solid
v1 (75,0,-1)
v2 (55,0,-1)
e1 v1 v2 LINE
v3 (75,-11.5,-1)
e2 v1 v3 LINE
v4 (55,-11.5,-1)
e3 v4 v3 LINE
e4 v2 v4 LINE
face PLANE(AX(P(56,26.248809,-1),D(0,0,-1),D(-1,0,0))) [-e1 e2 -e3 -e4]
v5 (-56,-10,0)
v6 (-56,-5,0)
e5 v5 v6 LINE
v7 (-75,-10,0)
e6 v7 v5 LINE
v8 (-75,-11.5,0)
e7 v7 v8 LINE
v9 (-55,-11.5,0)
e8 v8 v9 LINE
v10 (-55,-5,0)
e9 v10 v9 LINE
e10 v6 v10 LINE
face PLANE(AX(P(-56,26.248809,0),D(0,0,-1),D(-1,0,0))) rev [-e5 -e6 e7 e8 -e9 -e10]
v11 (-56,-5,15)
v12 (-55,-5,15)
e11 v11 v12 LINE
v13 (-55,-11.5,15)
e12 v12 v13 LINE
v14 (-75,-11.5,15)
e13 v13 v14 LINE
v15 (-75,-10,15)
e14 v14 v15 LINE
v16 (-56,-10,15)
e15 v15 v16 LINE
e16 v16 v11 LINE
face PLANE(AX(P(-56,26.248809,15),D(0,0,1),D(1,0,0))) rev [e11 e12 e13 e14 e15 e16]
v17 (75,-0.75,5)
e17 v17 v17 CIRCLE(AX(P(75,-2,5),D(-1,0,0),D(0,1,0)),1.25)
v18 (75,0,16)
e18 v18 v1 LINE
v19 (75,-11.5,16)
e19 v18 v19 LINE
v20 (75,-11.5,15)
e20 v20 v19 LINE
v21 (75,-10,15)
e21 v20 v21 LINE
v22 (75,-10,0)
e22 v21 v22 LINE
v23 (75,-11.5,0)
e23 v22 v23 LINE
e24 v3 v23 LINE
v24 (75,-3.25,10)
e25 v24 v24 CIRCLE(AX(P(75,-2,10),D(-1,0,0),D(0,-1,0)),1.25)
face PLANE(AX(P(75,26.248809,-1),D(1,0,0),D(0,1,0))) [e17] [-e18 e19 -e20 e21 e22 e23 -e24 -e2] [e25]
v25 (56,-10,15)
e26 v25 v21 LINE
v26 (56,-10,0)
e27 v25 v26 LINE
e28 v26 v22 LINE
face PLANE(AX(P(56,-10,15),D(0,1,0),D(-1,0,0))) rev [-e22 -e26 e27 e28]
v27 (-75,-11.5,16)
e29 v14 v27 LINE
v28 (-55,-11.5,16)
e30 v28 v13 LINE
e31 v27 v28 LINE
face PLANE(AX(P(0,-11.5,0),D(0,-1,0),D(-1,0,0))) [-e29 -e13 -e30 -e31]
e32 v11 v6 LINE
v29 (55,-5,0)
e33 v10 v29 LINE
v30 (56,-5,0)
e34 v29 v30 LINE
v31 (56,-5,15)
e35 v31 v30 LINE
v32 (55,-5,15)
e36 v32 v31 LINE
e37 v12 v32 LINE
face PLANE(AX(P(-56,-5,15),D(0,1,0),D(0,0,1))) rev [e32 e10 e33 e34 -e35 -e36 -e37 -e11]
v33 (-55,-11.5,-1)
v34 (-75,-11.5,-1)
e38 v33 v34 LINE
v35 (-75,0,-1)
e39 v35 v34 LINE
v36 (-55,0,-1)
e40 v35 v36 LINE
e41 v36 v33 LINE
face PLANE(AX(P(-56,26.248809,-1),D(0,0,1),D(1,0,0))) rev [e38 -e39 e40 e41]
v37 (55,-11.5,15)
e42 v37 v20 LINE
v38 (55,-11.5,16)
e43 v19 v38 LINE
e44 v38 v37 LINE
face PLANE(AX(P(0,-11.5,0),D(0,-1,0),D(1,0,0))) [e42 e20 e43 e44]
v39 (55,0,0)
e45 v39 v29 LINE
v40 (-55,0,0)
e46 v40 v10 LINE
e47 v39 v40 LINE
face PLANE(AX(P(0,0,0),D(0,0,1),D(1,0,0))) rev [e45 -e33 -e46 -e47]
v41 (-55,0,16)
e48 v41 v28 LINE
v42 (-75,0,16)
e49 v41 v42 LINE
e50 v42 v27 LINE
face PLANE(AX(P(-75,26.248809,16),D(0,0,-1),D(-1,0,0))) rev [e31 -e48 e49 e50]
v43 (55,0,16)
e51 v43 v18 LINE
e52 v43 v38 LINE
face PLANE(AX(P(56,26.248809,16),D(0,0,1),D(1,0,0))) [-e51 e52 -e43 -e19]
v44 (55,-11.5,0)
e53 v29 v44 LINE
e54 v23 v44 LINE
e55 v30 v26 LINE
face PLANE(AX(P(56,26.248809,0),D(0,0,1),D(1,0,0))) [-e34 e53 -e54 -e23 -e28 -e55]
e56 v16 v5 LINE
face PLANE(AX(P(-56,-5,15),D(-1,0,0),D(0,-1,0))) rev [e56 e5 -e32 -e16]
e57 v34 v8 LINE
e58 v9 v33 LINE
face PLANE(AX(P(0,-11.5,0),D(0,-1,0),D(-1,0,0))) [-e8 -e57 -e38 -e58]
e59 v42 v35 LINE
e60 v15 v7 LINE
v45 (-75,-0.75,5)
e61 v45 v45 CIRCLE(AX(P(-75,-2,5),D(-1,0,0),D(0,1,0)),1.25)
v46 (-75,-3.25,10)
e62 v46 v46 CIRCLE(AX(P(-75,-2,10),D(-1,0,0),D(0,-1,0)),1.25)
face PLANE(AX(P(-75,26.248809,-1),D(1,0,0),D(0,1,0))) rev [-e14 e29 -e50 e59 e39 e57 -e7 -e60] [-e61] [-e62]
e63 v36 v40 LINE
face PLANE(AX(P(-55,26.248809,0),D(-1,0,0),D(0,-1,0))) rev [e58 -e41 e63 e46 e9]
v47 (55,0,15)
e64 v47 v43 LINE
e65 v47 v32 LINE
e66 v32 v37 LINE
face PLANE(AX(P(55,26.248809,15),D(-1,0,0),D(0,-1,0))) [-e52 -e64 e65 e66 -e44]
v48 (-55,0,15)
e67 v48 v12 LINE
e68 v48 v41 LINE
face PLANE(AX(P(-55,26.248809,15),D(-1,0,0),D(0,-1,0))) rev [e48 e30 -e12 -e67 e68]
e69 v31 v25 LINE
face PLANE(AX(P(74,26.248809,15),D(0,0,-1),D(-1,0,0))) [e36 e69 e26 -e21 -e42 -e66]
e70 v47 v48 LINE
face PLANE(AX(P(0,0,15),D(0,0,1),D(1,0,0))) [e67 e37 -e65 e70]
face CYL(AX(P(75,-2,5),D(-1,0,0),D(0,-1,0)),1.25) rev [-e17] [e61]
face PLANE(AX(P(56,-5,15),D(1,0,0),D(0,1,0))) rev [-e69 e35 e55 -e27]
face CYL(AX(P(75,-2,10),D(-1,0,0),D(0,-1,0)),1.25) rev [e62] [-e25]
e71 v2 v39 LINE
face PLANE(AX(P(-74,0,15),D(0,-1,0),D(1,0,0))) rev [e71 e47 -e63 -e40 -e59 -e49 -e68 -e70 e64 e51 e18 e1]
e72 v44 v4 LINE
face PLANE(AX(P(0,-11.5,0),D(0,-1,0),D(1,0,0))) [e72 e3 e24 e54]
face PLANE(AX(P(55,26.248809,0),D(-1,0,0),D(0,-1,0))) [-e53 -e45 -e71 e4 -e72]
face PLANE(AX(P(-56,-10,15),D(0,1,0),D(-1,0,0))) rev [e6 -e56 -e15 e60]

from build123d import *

# Parameters (mm, degrees)
AUFSATZ_LINEAR_AUSTRAGEN1_DEPTH             = 15
AUFSATZ_LINEAR_AUSTRAGEN4_DEPTH             = 1.5
AUFSATZ_LINEAR_AUSTRAGEN4_DIRECTION_2_REACH = 78.164
SKIZZE6_R                                   = 1.25
SKIZZE6_W                                   = 15
SKIZZE6_H                                   = 1.5
SCHNITT_LINEAR_AUSTRAGEN1_DEPTH             = 152.28863143


with BuildPart() as part:
    # Skizze1 → Aufsatz-Linear austragen1 (new body)
    with BuildSketch(Plane.XY):
        Polygon((-74, 0), (-74, -10), (-56, -10), (-56, -5), (56, -5), (56, -10), (74, -10), (74, 0), align=None)
    extrude(amount=AUFSATZ_LINEAR_AUSTRAGEN1_DEPTH)

    # Skizze5 → Aufsatz-Linear austragen4 (add)
    with BuildSketch(Plane.XZ.offset(10)):
        Polygon((56, 0), (55, 0), (55, -1), (56, -1), (75, -1), (75, 16), (56, 16), (55, 16), (55, 15), (56, 15), (74, 15), (74, 0), align=None)
    aufsatz_linear_austragen4 = extrude(amount=AUFSATZ_LINEAR_AUSTRAGEN4_DEPTH)

    # Aufsatz-Linear austragen4 direction 2: up to this face of the body (flat: up to its plane)
    aufsatz_linear_austragen4_direction_2_end = Plane(part.part.faces().sort_by_distance((0, 0, 7.5))[0])
    # Skizze5 → Aufsatz-Linear austragen4 direction 2 (add, up to the picked face)
    with BuildSketch(Plane.XZ.offset(10), mode=Mode.PRIVATE) as aufsatz_linear_austragen4_direction_2_sk1:
        Polygon((56, 0), (55, 0), (55, -1), (56, -1), (75, -1), (75, 16), (56, 16), (55, 16), (55, 15), (56, 15), (74, 15), (74, 0), align=None)
    aufsatz_linear_austragen4_direction_2_tool1 = split(extrude(aufsatz_linear_austragen4_direction_2_sk1.sketch, amount=-AUFSATZ_LINEAR_AUSTRAGEN4_DIRECTION_2_REACH, mode=Mode.PRIVATE), bisect_by=aufsatz_linear_austragen4_direction_2_end, keep=Keep.BOTH, mode=Mode.PRIVATE)
    aufsatz_linear_austragen4_direction_2 = aufsatz_linear_austragen4_direction_2_tool1.solids().sort_by(Axis((55.5, -10, -0.262488), (0, 1, 0)))[0]
    add(aufsatz_linear_austragen4_direction_2)

    # Spiegeln1: Aufsatz-Linear austragen4, Aufsatz-Linear austragen4 direction 2 across plane
    add(aufsatz_linear_austragen4.mirror(Plane(origin=(0, 0, 0), x_dir=(0, 0, 1), z_dir=(1, 0, 0))))
    add(aufsatz_linear_austragen4_direction_2.mirror(Plane(origin=(0, 0, 0), x_dir=(0, 0, 1), z_dir=(1, 0, 0))))

    # Skizze6 → Schnitt-Linear austragen1 (cut, through all)
    with BuildSketch(Plane.ZY.offset(75)):
        with Locations(Location((10, -2, 0), (0, 0, 270))):
            Circle(SKIZZE6_R)
        with Locations(Location((5, -2, 0), (0, 0, 90))):
            Circle(SKIZZE6_R)
        with Locations((7.5, -10.75)):
            Rectangle(SKIZZE6_W, SKIZZE6_H)
    extrude(amount=-SCHNITT_LINEAR_AUSTRAGEN1_DEPTH, mode=Mode.SUBTRACT)


solid = part.part
